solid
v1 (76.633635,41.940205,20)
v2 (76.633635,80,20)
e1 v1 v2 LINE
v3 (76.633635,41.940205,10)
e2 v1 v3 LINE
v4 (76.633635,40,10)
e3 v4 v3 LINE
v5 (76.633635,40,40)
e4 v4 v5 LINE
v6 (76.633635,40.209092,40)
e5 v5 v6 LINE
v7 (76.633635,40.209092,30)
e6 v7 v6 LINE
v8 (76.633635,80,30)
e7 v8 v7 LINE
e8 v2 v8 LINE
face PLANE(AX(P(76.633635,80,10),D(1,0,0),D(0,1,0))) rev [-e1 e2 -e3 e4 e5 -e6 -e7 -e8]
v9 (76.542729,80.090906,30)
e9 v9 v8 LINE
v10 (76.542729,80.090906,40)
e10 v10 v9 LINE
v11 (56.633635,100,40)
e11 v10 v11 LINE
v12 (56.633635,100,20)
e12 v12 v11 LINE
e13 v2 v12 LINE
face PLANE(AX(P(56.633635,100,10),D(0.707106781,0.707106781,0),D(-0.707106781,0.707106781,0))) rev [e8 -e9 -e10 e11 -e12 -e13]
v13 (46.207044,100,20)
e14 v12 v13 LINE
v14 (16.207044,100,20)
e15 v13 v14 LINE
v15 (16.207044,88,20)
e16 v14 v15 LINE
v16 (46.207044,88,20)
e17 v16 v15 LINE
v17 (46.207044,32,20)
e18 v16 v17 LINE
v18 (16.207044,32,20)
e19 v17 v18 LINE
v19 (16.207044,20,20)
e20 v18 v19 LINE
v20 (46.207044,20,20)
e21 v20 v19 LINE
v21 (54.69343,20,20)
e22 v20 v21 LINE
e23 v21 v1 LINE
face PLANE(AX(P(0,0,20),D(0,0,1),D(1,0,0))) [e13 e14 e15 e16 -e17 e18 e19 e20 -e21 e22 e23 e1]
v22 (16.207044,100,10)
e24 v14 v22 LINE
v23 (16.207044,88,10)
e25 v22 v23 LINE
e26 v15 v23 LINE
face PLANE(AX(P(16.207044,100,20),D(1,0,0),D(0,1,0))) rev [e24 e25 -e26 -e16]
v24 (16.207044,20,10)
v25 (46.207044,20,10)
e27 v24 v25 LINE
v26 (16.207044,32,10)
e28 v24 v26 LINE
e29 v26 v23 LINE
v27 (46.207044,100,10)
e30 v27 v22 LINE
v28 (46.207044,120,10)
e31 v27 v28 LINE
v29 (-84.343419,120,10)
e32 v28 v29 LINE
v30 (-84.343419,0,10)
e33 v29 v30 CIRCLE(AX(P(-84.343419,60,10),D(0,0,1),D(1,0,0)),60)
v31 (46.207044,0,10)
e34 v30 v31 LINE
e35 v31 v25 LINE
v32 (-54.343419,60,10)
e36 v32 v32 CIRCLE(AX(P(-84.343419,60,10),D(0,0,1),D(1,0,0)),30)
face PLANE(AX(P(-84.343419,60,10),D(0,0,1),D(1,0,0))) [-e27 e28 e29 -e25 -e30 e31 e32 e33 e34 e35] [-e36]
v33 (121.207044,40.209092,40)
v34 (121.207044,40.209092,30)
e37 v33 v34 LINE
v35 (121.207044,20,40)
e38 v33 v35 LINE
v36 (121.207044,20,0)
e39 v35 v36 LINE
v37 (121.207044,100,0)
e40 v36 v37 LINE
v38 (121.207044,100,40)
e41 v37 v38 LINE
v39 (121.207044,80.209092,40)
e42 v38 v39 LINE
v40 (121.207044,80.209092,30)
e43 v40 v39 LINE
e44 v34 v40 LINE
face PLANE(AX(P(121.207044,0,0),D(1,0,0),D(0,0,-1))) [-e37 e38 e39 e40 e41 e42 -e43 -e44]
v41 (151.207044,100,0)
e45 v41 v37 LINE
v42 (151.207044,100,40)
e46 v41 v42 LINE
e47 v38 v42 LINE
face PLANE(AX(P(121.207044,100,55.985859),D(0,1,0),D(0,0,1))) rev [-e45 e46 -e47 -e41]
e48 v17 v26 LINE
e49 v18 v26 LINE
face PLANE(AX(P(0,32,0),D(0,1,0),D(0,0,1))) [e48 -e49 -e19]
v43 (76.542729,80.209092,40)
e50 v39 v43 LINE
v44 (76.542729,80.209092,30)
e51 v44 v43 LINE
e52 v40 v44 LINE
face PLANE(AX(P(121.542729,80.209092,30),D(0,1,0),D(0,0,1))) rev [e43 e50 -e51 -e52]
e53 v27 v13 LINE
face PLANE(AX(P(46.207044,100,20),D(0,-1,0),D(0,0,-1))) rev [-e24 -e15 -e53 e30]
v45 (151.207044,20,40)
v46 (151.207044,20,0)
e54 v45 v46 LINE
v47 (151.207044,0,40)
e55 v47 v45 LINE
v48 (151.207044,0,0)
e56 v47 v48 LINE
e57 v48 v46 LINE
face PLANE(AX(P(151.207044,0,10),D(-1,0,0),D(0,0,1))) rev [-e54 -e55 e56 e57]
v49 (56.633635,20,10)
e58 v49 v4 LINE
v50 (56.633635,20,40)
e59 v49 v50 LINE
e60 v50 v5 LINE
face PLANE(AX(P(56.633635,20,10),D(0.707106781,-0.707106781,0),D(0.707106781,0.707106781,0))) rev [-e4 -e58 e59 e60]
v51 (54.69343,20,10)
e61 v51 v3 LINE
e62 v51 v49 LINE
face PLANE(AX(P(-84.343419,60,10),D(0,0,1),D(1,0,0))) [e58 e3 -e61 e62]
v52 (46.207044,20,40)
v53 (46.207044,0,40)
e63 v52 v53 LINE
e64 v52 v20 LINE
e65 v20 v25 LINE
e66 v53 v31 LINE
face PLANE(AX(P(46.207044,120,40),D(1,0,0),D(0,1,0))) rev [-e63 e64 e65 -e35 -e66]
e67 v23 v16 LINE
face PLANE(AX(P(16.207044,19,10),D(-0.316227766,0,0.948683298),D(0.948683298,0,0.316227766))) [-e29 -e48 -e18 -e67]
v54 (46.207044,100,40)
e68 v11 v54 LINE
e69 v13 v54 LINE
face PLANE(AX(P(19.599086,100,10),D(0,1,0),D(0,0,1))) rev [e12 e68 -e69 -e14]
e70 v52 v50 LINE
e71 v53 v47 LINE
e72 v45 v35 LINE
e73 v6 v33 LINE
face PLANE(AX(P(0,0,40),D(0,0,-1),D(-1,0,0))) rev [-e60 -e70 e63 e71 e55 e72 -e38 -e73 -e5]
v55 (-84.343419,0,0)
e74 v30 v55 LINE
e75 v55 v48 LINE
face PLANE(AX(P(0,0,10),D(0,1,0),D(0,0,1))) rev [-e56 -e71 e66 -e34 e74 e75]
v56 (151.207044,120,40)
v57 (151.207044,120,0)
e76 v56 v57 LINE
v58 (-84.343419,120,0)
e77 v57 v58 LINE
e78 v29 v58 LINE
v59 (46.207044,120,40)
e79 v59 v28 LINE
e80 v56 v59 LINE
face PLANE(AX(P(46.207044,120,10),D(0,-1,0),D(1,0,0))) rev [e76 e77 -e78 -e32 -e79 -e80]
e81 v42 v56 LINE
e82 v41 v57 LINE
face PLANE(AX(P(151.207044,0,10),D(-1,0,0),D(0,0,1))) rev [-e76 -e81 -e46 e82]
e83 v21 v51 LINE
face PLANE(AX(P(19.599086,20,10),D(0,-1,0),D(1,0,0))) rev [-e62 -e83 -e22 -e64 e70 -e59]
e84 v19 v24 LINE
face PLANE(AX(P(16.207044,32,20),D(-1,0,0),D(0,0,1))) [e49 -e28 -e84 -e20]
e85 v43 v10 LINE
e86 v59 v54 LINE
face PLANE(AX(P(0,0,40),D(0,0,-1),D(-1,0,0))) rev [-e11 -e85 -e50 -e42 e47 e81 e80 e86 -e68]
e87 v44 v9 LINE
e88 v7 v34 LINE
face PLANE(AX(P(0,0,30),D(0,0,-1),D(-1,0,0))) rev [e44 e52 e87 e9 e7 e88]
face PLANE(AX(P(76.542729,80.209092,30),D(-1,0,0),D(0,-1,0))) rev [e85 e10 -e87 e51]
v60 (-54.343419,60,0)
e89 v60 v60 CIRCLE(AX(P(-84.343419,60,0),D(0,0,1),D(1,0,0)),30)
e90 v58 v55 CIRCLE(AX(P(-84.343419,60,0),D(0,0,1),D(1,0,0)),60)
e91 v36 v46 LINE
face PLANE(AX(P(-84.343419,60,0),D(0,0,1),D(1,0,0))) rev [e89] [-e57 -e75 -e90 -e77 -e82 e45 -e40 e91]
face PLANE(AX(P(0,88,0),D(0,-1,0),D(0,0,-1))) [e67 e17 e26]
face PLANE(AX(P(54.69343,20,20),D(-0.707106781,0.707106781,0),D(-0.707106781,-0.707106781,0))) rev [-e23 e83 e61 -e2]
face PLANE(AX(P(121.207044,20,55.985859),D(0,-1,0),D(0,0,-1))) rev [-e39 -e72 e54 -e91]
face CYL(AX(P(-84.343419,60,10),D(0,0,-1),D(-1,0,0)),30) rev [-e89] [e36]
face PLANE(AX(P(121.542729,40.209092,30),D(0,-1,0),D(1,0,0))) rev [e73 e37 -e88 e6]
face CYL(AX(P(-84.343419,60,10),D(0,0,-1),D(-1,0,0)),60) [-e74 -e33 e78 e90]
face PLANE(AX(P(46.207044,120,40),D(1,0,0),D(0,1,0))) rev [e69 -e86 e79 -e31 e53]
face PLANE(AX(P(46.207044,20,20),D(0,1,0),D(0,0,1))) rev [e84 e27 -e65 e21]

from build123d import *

# Parameters (mm, degrees)
SKETCH2_R               = 30
BOSS_EXTRUDE2_DEPTH     = 10
SKETCH4_W               = 39.74410588
SKETCH4_H               = 80
CUT_EXTRUDE1_DEPTH      = 30
SKETCH5_W               = 105
SKETCH5_H               = 120
BOSS_EXTRUDE3_DEPTH     = 40
SKETCH6_W               = 78.106224714
SKETCH6_H               = 80
CUT_EXTRUDE2_DEPTH      = 30
SKETCH7_W               = 45
SKETCH7_H               = 40
CUT_EXTRUDE3_DEPTH      = 10
CUT_EXTRUDE4_DEPTH      = 30
BOSS_EXTRUDE4_DEPTH     = 10
CUT_EXTRUDE5_DEPTH      = 1
CUT_EXTRUDE5_DEPTH_BACK = 68
SKETCH11_W              = 30
SKETCH11_H              = 10
BOSS_EXTRUDE8_DEPTH     = 12


with BuildPart() as part:
    # Sketch2 → Boss-Extrude2 (new body)
    with BuildSketch(Plane.XY):
        with BuildLine():
            Line((46.207044142, 120), (-84.343419201, 120))
            ThreePointArc((-84.343419201, 120), (-144.343419201, 60), (-84.343419201, 0))
            Line((-84.343419201, 0), (0, 0))
            Line((0, 0), (151.207044142, 0))
            Line((151.207044142, 0), (151.207044142, 120))
            Line((151.207044142, 120), (46.207044142, 120))
        make_face()
        with Locations((-84.343419201, 60)):
            Circle(SKETCH2_R, mode=Mode.SUBTRACT)
    extrude(amount=BOSS_EXTRUDE2_DEPTH)

    # Sketch4 → Cut-Extrude1 (cut)
    with BuildSketch(Plane(origin=(151.207044142, 0, 0), x_dir=(0, 0, -1), z_dir=(1, 0, 0))):
        with Locations((-1.423296347, 60)):
            Rectangle(SKETCH4_W, SKETCH4_H)
    extrude(amount=-CUT_EXTRUDE1_DEPTH, mode=Mode.SUBTRACT)

    # Sketch5 → Boss-Extrude3 (add)
    with BuildSketch(Plane.XY):
        with Locations((98.707044142, 60)):
            Rectangle(SKETCH5_W, SKETCH5_H)
    extrude(amount=BOSS_EXTRUDE3_DEPTH)

    # Sketch6 → Cut-Extrude2 (cut)
    with BuildSketch(Plane(origin=(151.207044142, 0, 0), x_dir=(0, 0, -1), z_dir=(1, 0, 0))):
        with Locations((-16.932746975, 60)):
            Rectangle(SKETCH6_W, SKETCH6_H)
    extrude(amount=-CUT_EXTRUDE2_DEPTH, mode=Mode.SUBTRACT)

    # Sketch7 → Cut-Extrude3 (cut)
    with BuildSketch(Plane.XY.offset(40)):
        with Locations((99.042729198, 60.209092216)):
            Rectangle(SKETCH7_W, SKETCH7_H)
    extrude(amount=-CUT_EXTRUDE3_DEPTH, mode=Mode.SUBTRACT)

    # Sketch8 → Cut-Extrude4 (cut)
    with BuildSketch(Plane.XY.offset(40)):
        Polygon((19.599086243, 100), (56.633635385, 100), (76.633635385, 80), (76.633635385, 40), (56.633635385, 20), (19.599086243, 20), align=None)
    extrude(amount=-CUT_EXTRUDE4_DEPTH, mode=Mode.SUBTRACT)

    # Sketch9 → Boss-Extrude4 (add)
    with BuildSketch(Plane.XY.offset(10)):
        Polygon((46.207044142, 100), (16.207044142, 100), (16.207044142, 20), (46.207044142, 20), (54.69343027, 20), (76.633635385, 41.940205115), (76.633635385, 80), (56.633635385, 100), align=None)
    extrude(amount=BOSS_EXTRUDE4_DEPTH)

    # Sketch10 → Cut-Extrude5 (cut, two sides: drawn at the far end of the back side and taken through both)
    with BuildSketch(Plane.XZ.offset(-20).offset(-CUT_EXTRUDE5_DEPTH_BACK)):
        Polygon((16.207044142, 10), (46.207044142, 20), (16.207044142, 20), align=None)
    extrude(amount=CUT_EXTRUDE5_DEPTH + CUT_EXTRUDE5_DEPTH_BACK, mode=Mode.SUBTRACT)

    # Sketch11 → Boss-Extrude8 (add)
    with BuildSketch(Plane.XZ.offset(-20)):
        with Locations((31.207044142, 15)):
            Rectangle(SKETCH11_W, SKETCH11_H)
    extrude(amount=-BOSS_EXTRUDE8_DEPTH)


solid = part.part
